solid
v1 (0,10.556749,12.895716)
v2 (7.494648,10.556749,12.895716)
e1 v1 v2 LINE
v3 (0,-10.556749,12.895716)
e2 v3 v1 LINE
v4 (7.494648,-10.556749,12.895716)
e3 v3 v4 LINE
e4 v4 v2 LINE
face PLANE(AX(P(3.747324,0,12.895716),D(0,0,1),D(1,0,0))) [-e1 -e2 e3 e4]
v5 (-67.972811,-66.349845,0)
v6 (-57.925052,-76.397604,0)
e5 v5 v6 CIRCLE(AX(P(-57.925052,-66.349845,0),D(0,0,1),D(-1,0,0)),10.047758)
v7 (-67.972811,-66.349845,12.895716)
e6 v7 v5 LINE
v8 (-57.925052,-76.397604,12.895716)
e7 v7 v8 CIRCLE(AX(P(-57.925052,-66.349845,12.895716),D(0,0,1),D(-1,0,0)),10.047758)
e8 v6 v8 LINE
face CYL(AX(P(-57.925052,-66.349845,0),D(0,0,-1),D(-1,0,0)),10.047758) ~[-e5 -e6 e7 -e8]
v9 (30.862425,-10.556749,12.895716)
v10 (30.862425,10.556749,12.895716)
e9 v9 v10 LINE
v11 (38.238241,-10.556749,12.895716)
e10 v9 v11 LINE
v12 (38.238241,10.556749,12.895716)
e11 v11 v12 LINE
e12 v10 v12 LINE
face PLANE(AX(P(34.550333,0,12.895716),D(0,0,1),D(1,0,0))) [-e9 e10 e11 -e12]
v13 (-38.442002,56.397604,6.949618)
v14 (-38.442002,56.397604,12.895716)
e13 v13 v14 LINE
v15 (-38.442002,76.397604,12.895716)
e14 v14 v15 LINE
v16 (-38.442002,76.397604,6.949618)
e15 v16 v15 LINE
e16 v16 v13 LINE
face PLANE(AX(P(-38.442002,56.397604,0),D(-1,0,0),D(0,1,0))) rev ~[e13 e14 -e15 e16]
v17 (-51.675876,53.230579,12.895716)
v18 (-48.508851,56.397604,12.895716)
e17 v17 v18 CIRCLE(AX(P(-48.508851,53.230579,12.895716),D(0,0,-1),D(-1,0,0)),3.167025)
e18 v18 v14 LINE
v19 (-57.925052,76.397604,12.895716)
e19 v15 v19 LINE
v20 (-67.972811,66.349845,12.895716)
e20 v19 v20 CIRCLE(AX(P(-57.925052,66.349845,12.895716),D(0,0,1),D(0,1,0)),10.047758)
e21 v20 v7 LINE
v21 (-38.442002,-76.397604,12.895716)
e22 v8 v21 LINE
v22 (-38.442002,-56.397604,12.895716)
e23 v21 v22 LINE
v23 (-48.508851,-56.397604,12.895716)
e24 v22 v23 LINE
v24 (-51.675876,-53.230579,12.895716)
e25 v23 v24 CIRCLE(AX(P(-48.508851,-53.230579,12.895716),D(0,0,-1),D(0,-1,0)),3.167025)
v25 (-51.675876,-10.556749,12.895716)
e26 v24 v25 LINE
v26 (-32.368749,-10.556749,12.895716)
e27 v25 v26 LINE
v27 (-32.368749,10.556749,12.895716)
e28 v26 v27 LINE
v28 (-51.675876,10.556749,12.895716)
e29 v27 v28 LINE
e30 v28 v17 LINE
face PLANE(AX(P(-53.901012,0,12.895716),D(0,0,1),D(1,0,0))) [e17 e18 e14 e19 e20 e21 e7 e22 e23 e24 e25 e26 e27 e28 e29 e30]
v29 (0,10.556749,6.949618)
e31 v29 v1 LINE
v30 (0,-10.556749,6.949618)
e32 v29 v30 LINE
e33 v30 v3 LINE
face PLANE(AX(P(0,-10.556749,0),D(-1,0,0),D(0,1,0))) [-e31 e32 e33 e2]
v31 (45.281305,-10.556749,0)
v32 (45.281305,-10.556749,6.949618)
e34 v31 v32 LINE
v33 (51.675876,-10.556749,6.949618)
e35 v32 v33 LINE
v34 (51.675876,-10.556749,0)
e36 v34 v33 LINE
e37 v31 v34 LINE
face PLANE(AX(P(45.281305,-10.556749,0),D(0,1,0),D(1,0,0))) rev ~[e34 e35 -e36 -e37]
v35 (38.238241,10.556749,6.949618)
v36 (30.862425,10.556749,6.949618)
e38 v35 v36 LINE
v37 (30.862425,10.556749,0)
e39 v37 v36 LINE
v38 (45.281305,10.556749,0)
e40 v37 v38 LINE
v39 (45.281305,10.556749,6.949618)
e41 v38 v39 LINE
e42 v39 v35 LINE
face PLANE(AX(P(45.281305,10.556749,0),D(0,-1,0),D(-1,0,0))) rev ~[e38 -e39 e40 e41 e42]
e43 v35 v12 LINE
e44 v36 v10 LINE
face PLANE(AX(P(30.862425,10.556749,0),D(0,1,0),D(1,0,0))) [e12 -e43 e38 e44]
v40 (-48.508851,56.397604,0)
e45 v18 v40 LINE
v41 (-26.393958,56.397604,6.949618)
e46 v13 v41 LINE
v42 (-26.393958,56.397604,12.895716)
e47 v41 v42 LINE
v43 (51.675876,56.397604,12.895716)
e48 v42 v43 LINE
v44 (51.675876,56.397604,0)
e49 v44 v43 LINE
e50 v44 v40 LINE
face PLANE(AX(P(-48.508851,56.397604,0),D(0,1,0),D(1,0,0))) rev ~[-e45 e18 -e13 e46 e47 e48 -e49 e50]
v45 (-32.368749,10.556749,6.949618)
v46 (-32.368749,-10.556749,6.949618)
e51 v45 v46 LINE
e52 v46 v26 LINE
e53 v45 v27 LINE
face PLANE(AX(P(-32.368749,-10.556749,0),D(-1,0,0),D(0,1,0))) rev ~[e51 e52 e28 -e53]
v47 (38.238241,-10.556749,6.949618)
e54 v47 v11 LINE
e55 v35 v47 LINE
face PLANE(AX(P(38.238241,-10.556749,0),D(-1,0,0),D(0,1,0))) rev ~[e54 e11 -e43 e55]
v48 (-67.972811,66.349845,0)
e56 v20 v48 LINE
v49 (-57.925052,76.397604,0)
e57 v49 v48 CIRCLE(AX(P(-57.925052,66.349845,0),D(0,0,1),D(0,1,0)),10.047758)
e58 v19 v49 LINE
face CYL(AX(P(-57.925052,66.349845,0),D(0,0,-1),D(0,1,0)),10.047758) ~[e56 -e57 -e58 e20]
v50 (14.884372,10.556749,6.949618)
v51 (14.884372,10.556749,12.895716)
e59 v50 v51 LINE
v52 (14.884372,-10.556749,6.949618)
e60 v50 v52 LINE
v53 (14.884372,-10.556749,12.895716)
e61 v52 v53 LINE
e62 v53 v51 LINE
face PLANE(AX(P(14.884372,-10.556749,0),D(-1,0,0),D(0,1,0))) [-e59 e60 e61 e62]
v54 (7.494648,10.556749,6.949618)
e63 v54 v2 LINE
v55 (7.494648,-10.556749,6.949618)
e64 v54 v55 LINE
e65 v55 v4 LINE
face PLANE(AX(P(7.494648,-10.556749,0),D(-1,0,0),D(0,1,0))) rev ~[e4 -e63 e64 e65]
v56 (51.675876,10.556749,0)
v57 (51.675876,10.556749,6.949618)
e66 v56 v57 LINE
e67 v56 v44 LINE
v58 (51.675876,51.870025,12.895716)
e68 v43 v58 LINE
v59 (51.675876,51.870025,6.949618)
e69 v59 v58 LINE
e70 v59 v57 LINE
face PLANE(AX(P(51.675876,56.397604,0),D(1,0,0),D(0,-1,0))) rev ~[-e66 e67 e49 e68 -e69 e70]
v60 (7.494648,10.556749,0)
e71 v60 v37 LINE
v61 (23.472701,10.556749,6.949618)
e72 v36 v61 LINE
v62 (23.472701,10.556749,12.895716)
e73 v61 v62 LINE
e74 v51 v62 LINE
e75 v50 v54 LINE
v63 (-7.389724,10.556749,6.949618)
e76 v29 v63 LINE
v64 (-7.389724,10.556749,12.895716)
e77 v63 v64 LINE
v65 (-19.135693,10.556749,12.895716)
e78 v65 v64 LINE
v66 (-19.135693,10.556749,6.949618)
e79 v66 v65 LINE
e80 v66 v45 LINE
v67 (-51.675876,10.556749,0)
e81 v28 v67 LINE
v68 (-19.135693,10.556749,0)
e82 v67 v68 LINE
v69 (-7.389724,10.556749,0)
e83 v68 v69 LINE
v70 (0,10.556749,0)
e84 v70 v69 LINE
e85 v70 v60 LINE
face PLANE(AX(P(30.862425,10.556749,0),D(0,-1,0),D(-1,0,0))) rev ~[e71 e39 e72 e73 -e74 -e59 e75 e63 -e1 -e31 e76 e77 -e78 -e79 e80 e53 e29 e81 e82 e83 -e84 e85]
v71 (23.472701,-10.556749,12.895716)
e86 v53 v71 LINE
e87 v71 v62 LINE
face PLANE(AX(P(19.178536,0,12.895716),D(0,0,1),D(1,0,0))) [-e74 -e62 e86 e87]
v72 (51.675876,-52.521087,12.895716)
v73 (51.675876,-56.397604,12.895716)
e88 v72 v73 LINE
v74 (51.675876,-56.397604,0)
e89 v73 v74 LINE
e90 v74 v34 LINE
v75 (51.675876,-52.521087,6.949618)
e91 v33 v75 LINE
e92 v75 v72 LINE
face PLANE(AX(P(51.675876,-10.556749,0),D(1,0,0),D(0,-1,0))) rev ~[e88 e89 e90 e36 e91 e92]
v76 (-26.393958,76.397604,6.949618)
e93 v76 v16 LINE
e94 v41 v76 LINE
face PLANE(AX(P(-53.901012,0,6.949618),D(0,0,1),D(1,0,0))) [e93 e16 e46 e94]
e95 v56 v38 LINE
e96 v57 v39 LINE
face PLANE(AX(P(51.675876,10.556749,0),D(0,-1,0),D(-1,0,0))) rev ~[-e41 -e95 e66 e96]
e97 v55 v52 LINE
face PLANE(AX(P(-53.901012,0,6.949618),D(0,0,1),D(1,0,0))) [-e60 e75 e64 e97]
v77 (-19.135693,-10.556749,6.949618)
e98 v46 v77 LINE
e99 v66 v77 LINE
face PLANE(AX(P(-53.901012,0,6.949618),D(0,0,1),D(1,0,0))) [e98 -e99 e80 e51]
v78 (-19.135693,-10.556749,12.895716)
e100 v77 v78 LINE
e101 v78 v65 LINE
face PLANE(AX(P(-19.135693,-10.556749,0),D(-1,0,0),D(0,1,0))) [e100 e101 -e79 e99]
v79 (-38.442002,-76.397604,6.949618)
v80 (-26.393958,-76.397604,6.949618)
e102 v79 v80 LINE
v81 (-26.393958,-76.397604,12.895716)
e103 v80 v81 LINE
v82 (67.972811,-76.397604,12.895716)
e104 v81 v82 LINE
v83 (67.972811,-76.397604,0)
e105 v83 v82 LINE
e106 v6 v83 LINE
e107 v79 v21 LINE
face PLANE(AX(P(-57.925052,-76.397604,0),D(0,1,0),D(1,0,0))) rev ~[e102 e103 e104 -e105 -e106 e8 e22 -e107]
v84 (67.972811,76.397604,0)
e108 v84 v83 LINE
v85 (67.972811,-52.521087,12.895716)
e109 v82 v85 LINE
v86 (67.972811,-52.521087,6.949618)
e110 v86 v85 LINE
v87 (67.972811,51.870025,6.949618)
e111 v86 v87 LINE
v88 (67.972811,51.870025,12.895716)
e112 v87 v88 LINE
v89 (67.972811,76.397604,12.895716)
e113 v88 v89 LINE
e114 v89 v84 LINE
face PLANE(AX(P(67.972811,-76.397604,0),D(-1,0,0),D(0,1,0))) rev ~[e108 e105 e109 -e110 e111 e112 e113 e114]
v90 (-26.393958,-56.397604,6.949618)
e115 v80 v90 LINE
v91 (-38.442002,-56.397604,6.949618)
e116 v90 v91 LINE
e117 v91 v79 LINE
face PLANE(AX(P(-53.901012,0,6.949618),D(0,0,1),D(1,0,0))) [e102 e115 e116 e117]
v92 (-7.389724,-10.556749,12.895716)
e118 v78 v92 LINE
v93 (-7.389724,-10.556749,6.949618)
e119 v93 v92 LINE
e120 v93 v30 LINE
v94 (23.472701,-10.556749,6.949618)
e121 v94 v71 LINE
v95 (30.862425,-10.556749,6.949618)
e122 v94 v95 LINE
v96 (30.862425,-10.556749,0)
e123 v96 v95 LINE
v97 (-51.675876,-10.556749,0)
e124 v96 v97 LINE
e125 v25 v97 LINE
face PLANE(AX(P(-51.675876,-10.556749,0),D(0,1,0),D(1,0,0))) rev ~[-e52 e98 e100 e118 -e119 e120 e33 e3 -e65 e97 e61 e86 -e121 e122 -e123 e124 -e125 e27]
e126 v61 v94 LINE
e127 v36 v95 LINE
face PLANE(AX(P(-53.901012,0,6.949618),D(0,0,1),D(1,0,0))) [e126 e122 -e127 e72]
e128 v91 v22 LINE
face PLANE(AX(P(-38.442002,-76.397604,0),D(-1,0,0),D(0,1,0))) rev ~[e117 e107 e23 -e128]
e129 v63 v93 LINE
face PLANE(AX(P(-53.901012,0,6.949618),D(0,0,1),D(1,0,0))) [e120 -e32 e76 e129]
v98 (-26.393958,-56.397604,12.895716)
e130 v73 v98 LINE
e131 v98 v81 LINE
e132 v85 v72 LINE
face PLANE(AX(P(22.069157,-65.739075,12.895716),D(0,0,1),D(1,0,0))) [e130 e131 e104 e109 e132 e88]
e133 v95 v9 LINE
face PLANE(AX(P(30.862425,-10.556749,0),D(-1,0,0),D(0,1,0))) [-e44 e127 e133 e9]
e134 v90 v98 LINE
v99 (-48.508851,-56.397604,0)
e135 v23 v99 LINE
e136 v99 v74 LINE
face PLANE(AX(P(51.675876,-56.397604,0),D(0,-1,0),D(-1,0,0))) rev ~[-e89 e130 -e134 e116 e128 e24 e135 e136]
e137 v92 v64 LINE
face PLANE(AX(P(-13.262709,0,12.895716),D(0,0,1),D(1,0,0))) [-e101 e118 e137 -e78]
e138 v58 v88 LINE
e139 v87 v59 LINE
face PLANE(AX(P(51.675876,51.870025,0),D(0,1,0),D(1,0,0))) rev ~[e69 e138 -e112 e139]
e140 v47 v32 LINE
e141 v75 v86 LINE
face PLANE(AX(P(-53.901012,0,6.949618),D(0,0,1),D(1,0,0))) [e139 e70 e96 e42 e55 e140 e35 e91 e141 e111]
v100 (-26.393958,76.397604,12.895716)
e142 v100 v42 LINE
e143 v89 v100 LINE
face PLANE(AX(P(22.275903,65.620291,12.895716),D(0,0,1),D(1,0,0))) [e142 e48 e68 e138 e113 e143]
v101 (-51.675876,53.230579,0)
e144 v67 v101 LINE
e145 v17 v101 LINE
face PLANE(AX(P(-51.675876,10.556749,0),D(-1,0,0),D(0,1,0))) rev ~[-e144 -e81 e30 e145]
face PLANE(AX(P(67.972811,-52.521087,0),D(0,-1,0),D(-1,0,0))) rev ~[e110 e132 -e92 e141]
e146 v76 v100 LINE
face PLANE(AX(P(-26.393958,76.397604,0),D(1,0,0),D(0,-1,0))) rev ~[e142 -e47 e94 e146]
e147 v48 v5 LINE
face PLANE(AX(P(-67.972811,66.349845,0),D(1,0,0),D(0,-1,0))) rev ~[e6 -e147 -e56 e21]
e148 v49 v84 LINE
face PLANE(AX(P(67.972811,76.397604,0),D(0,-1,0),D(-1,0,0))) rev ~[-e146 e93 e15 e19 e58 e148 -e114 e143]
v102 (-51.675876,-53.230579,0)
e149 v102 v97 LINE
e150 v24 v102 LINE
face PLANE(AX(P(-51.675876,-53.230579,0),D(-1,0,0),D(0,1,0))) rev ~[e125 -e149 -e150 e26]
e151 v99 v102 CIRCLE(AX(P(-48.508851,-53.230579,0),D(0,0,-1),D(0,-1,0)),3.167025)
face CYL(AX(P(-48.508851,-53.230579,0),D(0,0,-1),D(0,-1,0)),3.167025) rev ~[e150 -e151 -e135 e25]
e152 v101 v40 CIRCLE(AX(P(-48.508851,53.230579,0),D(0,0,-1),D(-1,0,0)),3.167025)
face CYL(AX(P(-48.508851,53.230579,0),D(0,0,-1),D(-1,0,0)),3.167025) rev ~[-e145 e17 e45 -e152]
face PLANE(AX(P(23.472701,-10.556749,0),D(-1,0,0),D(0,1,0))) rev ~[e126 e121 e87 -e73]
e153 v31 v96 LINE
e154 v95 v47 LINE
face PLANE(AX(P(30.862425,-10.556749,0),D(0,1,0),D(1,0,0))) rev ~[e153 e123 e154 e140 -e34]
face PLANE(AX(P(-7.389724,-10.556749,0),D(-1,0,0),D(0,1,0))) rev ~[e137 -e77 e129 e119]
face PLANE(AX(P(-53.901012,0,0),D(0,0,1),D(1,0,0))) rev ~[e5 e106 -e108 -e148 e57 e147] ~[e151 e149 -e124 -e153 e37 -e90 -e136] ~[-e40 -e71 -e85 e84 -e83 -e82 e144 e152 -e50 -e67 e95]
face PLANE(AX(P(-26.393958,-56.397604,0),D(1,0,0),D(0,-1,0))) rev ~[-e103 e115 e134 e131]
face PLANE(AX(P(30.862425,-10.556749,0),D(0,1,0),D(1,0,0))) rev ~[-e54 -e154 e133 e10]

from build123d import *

# Parameters (mm, degrees)
F0_W     = 11.7459690753
F0_H     = 21.1134971385
F0_W_2   = 7.4946475541
F0_W_3   = 8.5883293627
F0_W_4   = 7.3758164777
F0_W_5   = 12.0480440893
F0_H_2   = 20
F0_W_6   = 7.0430640179
F0_W_7   = 7.3897239985
F0_W_8   = 13.233055636
F1_DEPTH = 6.9496184587
F2_DEPTH = 12.8957163543


with BuildPart() as f1:
    # F0 (on Top) → F1 (new body)
    with BuildSketch(Plane.XY):
        with BuildLine():
            ThreePointArc((-67.9728106684, -66.3498451509), (-65.0298903751, -73.4546832361), (-57.9250522899, -76.3976035294))
            Line((-57.9250522899, -76.3976035294), (-38.4420022005, -76.3976035294))
            Line((-38.4420022005, -76.3976035294), (-38.4420022005, -56.3976035294))
            Line((-38.4420022005, -56.3976035294), (-48.5088512664, -56.3976035294))
            ThreePointArc((-48.5088512664, -56.3976035294), (-50.7482758166, -55.4700035088), (-51.6758758372, -53.2305789586))
            Line((-51.6758758372, -53.2305789586), (-51.6758758372, -10.5567485693))
            Line((-51.6758758372, -10.5567485693), (-32.3687487098, -10.5567485693))
            Line((-32.3687487098, -10.5567485693), (-32.3687487098, 10.5567485693))
            Line((-32.3687487098, 10.5567485693), (-51.6758758372, 10.5567485693))
            Line((-51.6758758372, 10.5567485693), (-51.6758758372, 53.2305789586))
            ThreePointArc((-51.6758758372, 53.2305789586), (-50.7482758166, 55.4700035088), (-48.5088512664, 56.3976035294))
            Line((-48.5088512664, 56.3976035294), (-38.4420022005, 56.3976035294))
            Line((-38.4420022005, 56.3976035294), (-38.4420022005, 76.3976035294))
            Line((-38.4420022005, 76.3976035294), (-57.9250522899, 76.3976035294))
            ThreePointArc((-57.9250522899, 76.3976035294), (-65.0298903751, 73.4546832361), (-67.9728106684, 66.3498451509))
            Line((-67.9728106684, 66.3498451509), (-67.9728106684, -66.3498451509))
        make_face()
        Polygon((-26.3939581113, -56.3976035294), (-26.3939581113, -76.3976035294), (67.9728106684, -76.3976035294), (67.9728106684, -52.521086779), (51.6758758372, -52.521086779), (51.6758758372, -56.3976035294), align=None)
        with Locations((-13.2627085361, 0)):
            Rectangle(F0_W, F0_H)
        with Locations((3.747323777, 0)):
            Rectangle(F0_W_2, F0_H)
        with Locations((19.1785362339, 0)):
            Rectangle(F0_W_3, F0_H)
        with Locations((34.5503331526, 0)):
            Rectangle(F0_W_4, F0_H)
        Polygon((51.6758758372, 51.8700251389), (67.9728106684, 51.8700251389), (67.9728106684, 76.3976035294), (-26.3939581113, 76.3976035294), (-26.3939581113, 56.3976035294), (51.6758758372, 56.3976035294), align=None)
        with Locations((-32.4179801559, 66.3976035294)):
            Rectangle(F0_W_5, F0_H_2)
        Polygon((51.6758758372, -52.521086779), (67.9728106684, -52.521086779), (67.9728106684, 51.8700251389), (51.6758758372, 51.8700251389), (51.6758758372, 10.5567485693), (45.2813054094, 10.5567485693), (45.2813054094, -10.5567485693), (51.6758758372, -10.5567485693), align=None)
        with Locations((41.7597734004, 0)):
            Rectangle(F0_W_6, F0_H)
        with Locations((27.1675629145, 0)):
            Rectangle(F0_W_7, F0_H)
        with Locations((11.1895095533, 0)):
            Rectangle(F0_W_7, F0_H)
        with Locations((-3.6948619992, 0)):
            Rectangle(F0_W_7, F0_H)
        with Locations((-25.7522208918, 0)):
            Rectangle(F0_W_8, F0_H)
        with Locations((-32.4179801559, -66.3976035294)):
            Rectangle(F0_W_5, F0_H_2)
    extrude(amount=F1_DEPTH)

    # F0 (on Top) → F2 (join)
    with BuildSketch(Plane.XY):
        with BuildLine():
            ThreePointArc((-67.9728106684, -66.3498451509), (-65.0298903751, -73.4546832361), (-57.9250522899, -76.3976035294))
            Line((-57.9250522899, -76.3976035294), (-38.4420022005, -76.3976035294))
            Line((-38.4420022005, -76.3976035294), (-38.4420022005, -56.3976035294))
            Line((-38.4420022005, -56.3976035294), (-48.5088512664, -56.3976035294))
            ThreePointArc((-48.5088512664, -56.3976035294), (-50.7482758166, -55.4700035088), (-51.6758758372, -53.2305789586))
            Line((-51.6758758372, -53.2305789586), (-51.6758758372, -10.5567485693))
            Line((-51.6758758372, -10.5567485693), (-32.3687487098, -10.5567485693))
            Line((-32.3687487098, -10.5567485693), (-32.3687487098, 10.5567485693))
            Line((-32.3687487098, 10.5567485693), (-51.6758758372, 10.5567485693))
            Line((-51.6758758372, 10.5567485693), (-51.6758758372, 53.2305789586))
            ThreePointArc((-51.6758758372, 53.2305789586), (-50.7482758166, 55.4700035088), (-48.5088512664, 56.3976035294))
            Line((-48.5088512664, 56.3976035294), (-38.4420022005, 56.3976035294))
            Line((-38.4420022005, 56.3976035294), (-38.4420022005, 76.3976035294))
            Line((-38.4420022005, 76.3976035294), (-57.9250522899, 76.3976035294))
            ThreePointArc((-57.9250522899, 76.3976035294), (-65.0298903751, 73.4546832361), (-67.9728106684, 66.3498451509))
            Line((-67.9728106684, 66.3498451509), (-67.9728106684, -66.3498451509))
        make_face()
        with Locations((-13.2627085361, 0)):
            Rectangle(F0_W, F0_H)
        with Locations((3.747323777, 0)):
            Rectangle(F0_W_2, F0_H)
        with Locations((19.1785362339, 0)):
            Rectangle(F0_W_3, F0_H)
        with Locations((34.5503331526, 0)):
            Rectangle(F0_W_4, F0_H)
        Polygon((-26.3939581113, -56.3976035294), (-26.3939581113, -76.3976035294), (67.9728106684, -76.3976035294), (67.9728106684, -52.521086779), (51.6758758372, -52.521086779), (51.6758758372, -56.3976035294), align=None)
        Polygon((51.6758758372, 51.8700251389), (67.9728106684, 51.8700251389), (67.9728106684, 76.3976035294), (-26.3939581113, 76.3976035294), (-26.3939581113, 56.3976035294), (51.6758758372, 56.3976035294), align=None)
    extrude(amount=F2_DEPTH)


solid = f1.part
